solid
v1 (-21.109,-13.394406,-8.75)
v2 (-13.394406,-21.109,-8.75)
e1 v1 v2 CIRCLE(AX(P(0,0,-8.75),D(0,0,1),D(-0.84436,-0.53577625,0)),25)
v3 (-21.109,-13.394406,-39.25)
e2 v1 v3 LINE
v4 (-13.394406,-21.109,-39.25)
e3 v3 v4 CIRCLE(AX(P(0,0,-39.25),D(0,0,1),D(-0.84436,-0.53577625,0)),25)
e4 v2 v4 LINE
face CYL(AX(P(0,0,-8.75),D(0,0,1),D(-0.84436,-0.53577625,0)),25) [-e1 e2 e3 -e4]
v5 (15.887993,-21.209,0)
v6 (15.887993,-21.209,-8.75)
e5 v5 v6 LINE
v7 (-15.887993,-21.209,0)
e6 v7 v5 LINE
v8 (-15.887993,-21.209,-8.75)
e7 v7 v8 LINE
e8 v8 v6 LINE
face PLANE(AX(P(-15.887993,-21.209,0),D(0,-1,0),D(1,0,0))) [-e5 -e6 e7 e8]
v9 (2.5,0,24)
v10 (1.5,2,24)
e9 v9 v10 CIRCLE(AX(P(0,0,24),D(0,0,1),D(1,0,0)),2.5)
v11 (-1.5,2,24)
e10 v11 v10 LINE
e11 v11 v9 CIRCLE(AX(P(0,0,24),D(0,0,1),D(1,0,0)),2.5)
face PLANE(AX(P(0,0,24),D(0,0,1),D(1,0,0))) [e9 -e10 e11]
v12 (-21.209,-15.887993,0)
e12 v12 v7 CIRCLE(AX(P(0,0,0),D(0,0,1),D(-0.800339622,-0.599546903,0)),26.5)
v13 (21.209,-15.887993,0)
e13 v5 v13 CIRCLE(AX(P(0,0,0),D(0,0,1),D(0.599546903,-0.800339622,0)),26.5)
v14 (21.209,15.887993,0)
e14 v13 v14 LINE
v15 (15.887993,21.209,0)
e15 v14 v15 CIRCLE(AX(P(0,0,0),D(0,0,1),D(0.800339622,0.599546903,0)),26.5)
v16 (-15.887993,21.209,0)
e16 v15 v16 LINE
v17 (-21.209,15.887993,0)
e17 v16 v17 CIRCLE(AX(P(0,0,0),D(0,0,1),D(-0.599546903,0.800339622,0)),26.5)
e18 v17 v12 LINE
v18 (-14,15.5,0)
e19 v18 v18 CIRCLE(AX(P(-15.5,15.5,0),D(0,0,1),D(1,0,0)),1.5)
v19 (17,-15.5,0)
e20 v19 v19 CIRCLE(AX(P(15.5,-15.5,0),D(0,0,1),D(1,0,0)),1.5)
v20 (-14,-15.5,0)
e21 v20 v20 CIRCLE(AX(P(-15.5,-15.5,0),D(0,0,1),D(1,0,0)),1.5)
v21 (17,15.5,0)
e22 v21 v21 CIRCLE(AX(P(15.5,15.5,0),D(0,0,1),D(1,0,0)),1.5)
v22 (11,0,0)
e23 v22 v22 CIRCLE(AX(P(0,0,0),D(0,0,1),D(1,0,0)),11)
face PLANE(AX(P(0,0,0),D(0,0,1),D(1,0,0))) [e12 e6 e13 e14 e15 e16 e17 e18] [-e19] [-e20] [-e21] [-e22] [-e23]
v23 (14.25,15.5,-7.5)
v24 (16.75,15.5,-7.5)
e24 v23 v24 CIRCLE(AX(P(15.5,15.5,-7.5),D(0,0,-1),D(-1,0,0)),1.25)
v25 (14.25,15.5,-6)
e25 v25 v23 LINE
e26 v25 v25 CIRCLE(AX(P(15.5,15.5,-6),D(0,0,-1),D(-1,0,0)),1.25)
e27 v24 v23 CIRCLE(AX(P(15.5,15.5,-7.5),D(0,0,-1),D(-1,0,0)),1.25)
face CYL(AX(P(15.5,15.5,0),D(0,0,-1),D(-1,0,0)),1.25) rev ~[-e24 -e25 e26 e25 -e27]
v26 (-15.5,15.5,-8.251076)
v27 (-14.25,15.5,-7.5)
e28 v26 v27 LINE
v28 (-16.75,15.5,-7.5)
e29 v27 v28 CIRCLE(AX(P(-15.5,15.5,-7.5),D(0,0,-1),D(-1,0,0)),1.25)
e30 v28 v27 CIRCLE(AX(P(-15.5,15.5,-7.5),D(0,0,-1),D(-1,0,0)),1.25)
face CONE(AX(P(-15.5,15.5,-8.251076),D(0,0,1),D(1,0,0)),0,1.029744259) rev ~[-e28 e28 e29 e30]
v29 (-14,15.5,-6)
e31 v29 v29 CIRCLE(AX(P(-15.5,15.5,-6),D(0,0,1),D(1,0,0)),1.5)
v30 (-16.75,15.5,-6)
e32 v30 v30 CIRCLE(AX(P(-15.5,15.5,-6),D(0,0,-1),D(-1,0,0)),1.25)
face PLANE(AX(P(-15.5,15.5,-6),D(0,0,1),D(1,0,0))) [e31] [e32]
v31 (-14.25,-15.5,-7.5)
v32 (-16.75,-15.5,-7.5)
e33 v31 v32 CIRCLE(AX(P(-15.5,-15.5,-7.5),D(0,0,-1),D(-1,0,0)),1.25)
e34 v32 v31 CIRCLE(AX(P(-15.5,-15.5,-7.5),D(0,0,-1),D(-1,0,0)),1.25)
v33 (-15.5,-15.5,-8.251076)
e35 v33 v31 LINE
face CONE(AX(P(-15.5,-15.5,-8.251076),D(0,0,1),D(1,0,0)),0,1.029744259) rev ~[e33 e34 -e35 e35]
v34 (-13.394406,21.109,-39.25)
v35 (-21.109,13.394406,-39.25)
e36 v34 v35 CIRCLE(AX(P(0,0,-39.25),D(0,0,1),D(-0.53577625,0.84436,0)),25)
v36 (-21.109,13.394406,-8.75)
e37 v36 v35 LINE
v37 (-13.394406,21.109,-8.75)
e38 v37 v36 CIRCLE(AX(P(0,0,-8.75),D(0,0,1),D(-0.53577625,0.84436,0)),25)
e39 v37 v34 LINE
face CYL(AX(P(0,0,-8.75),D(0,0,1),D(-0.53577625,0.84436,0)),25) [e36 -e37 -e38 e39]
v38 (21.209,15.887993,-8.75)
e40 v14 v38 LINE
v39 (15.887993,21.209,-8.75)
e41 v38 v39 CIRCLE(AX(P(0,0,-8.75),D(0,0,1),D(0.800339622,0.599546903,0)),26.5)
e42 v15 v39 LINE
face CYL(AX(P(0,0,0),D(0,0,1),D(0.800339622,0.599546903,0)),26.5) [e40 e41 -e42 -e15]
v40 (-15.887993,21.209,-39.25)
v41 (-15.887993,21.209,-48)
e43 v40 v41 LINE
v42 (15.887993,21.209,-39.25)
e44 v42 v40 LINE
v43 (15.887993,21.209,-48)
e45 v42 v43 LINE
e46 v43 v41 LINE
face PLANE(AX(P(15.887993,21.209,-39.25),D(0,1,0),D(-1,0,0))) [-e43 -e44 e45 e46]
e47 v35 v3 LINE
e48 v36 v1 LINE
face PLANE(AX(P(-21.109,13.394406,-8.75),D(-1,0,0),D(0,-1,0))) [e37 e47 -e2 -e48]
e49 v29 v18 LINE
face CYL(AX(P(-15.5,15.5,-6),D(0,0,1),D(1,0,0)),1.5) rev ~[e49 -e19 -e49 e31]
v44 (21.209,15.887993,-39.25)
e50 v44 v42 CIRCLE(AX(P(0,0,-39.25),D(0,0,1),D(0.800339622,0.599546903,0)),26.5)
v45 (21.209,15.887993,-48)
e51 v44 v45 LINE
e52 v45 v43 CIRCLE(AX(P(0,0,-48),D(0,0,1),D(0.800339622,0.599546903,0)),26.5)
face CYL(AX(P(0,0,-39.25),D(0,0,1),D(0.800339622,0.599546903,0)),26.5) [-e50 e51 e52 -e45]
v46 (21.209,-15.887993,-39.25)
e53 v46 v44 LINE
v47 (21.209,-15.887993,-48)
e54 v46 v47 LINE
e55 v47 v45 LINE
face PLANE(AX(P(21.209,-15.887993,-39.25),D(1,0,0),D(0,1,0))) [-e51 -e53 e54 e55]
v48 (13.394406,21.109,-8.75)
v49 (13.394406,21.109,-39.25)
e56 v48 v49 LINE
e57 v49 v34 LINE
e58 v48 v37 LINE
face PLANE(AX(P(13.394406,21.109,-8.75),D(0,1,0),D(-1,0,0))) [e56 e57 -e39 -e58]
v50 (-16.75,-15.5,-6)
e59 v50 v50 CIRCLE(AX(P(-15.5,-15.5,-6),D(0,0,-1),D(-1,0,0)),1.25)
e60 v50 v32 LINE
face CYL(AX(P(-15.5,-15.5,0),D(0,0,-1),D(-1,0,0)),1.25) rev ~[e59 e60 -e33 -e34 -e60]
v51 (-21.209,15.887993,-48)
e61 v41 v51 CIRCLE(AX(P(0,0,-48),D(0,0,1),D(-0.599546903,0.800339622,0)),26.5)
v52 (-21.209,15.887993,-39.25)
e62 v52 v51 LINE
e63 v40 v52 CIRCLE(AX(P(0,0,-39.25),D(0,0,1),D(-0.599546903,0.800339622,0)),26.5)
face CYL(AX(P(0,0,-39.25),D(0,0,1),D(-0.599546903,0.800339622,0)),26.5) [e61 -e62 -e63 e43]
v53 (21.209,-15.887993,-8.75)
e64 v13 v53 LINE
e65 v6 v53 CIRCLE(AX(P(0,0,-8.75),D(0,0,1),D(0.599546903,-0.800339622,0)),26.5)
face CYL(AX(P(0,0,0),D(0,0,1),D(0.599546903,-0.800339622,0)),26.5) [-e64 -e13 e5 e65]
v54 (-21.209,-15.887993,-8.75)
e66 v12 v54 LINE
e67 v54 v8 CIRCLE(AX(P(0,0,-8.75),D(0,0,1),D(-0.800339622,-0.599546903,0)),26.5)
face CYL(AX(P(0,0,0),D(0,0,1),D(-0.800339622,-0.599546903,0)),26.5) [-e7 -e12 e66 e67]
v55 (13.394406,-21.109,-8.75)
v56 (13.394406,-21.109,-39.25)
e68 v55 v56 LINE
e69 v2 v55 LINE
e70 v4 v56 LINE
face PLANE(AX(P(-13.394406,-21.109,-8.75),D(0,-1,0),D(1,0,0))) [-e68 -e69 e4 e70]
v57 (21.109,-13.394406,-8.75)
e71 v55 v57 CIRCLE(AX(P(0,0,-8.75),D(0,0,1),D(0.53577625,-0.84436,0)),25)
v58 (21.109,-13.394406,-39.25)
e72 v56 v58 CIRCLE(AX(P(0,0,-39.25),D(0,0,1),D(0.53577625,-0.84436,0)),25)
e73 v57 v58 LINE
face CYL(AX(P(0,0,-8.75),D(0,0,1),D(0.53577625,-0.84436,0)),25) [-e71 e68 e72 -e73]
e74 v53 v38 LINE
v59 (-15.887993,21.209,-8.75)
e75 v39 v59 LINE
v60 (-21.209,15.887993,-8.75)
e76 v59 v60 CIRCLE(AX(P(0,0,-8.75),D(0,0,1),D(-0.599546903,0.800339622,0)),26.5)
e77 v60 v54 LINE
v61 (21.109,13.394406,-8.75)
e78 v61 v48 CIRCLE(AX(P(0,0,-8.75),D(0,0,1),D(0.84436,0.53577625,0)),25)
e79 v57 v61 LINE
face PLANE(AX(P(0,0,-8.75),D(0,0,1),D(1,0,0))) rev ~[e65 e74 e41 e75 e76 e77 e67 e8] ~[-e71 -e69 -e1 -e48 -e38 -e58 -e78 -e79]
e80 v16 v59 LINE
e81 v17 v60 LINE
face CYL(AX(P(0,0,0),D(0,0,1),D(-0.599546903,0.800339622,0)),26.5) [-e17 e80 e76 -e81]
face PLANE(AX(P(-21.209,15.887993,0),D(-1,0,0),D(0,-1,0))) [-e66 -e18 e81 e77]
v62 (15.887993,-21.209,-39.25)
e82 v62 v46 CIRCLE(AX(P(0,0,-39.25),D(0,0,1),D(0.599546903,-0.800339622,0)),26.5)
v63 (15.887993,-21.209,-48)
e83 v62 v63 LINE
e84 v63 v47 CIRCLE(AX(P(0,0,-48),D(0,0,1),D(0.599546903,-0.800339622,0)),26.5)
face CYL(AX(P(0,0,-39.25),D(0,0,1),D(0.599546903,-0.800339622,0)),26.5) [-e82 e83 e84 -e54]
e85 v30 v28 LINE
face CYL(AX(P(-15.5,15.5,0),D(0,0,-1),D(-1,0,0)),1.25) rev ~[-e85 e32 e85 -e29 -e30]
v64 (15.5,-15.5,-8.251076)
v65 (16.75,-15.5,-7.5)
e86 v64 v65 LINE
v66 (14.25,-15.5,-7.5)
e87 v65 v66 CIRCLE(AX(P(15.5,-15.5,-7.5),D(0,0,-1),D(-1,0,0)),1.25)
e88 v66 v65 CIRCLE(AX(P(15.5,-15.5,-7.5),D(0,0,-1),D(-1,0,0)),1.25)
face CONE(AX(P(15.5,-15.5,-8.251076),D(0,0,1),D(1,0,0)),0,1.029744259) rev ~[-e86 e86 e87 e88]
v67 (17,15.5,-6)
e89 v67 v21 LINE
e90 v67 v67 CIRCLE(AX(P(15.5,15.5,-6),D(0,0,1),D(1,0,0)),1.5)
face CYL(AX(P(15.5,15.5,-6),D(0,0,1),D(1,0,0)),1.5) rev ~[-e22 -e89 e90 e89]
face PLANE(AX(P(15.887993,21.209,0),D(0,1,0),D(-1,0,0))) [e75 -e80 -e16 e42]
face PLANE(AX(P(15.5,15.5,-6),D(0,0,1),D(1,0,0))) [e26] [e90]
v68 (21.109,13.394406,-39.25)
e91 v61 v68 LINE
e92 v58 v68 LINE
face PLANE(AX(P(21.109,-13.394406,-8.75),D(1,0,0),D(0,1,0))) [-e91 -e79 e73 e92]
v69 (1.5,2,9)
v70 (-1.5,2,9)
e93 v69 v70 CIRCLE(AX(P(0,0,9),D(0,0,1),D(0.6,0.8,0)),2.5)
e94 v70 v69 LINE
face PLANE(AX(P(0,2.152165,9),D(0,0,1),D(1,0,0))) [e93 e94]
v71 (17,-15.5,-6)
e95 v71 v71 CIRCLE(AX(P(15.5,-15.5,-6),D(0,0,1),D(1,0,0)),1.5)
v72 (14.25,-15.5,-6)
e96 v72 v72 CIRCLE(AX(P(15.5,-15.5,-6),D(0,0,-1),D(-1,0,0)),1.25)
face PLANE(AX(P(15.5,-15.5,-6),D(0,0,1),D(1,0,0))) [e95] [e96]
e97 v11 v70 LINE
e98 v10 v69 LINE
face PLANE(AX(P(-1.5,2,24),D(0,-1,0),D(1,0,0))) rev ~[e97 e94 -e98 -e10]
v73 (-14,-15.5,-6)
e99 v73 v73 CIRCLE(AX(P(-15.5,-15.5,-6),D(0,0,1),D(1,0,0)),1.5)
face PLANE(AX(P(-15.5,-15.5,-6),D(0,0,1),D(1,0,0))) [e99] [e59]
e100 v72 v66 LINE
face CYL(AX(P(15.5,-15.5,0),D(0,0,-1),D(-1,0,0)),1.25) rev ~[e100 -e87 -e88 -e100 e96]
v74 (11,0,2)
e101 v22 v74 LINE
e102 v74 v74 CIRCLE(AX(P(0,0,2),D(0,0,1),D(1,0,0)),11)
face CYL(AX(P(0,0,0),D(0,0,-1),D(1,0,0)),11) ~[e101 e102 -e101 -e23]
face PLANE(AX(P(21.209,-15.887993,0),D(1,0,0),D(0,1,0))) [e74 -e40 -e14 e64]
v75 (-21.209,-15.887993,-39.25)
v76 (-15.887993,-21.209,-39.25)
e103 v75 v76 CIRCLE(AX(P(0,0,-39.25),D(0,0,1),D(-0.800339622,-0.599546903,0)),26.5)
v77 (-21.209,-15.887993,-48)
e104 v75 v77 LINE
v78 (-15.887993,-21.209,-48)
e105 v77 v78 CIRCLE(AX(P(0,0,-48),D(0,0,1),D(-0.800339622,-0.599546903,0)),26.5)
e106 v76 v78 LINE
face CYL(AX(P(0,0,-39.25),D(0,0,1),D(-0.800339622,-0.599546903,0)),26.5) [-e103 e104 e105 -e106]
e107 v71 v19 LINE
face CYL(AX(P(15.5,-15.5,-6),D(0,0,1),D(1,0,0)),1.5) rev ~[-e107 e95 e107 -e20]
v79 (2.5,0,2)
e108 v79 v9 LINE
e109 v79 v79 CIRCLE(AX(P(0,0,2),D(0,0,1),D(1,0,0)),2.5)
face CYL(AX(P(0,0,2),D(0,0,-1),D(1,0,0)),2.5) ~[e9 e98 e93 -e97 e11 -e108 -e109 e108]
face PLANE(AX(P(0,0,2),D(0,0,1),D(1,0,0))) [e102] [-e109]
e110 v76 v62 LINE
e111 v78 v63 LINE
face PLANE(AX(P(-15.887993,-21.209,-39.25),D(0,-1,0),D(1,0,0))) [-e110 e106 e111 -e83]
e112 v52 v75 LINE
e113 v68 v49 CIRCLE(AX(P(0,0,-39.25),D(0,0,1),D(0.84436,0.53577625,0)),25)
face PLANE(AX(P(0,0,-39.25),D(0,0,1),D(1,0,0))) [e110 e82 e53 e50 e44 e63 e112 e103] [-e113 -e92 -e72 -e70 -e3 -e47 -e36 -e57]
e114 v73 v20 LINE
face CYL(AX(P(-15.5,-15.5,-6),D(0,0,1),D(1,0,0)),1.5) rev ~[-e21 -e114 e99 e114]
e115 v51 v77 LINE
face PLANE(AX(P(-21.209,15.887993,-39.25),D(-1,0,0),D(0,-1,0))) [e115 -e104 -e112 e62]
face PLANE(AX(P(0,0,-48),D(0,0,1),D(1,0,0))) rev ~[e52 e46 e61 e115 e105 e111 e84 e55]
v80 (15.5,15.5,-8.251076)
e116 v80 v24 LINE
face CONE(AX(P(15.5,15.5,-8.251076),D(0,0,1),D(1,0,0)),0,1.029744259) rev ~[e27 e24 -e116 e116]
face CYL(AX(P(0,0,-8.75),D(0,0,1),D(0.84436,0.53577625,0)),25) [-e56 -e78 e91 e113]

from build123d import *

# Parameters (mm, degrees)
BOSS_EXTRUDE1_DEPTH             = 8.75
BOSS_EXTRUDE2_DEPTH             = 30.5
BOSS_EXTRUDE3_DEPTH             = 8.75
SKETCH4_R                       = 11
BOSS_EXTRUDE4_DEPTH             = 2
SKETCH5_R                       = 2.5
BOSS_EXTRUDE5_DEPTH             = 22
CUT_EXTRUDE1_DEPTH              = 15
M3X0_5_TAPPED_HOLE1_D           = 2.5
M3X0_5_TAPPED_HOLE1_DEPTH       = 7.5
M3X0_5_TAPPED_HOLE1_CBORE_D     = 3
M3X0_5_TAPPED_HOLE1_CBORE_DEPTH = 6
M3X0_5_TAPPED_HOLE1_TIP         = 0.751075774


with BuildPart() as part:
    # Sketch1 → Boss-Extrude1 (new body)
    with BuildSketch(Plane.XY):
        with BuildLine():
            Line((-21.209, 15.887992919), (-21.209, -15.887992919))
            ThreePointArc((-21.209, -15.887992919), (-18.738329701, -18.738329701), (-15.887992919, -21.209))
            Line((-15.887992919, -21.209), (15.887992919, -21.209))
            ThreePointArc((15.887992919, -21.209), (18.738329701, -18.738329701), (21.209, -15.887992919))
            Line((21.209, -15.887992919), (21.209, 15.887992919))
            ThreePointArc((21.209, 15.887992919), (18.738329701, 18.738329701), (15.887992919, 21.209))
            Line((15.887992919, 21.209), (-15.887992919, 21.209))
            ThreePointArc((-15.887992919, 21.209), (-18.738329701, 18.738329701), (-21.209, 15.887992919))
        make_face()
    extrude(amount=-BOSS_EXTRUDE1_DEPTH)

    # Sketch2 → Boss-Extrude2 (add)
    with BuildSketch(Plane(origin=(0, 0, -8.75), x_dir=(-1, 0, 0), z_dir=(0, 0, -1))):
        with BuildLine():
            Line((-13.394406258, 21.109), (13.394406258, 21.109))
            ThreePointArc((13.394406258, 21.109), (17.67766953, 17.67766953), (21.109, 13.394406258))
            Line((21.109, 13.394406258), (21.109, -13.394406258))
            ThreePointArc((21.109, -13.394406258), (17.67766953, -17.67766953), (13.394406258, -21.109))
            Line((13.394406258, -21.109), (-13.394406258, -21.109))
            ThreePointArc((-13.394406258, -21.109), (-17.67766953, -17.67766953), (-21.109, -13.394406258))
            Line((-21.109, -13.394406258), (-21.109, 13.394406258))
            ThreePointArc((-21.109, 13.394406258), (-17.67766953, 17.67766953), (-13.394406258, 21.109))
        make_face()
    extrude(amount=BOSS_EXTRUDE2_DEPTH)

    # Sketch3 → Boss-Extrude3 (add)
    with BuildSketch(Plane.XY.offset(-39.25)):
        with BuildLine():
            Line((-15.887992919, -21.209), (15.887992919, -21.209))
            ThreePointArc((15.887992919, -21.209), (18.738329701, -18.738329701), (21.209, -15.887992919))
            Line((21.209, -15.887992919), (21.209, 15.887992919))
            ThreePointArc((21.209, 15.887992919), (18.738329701, 18.738329701), (15.887992919, 21.209))
            Line((15.887992919, 21.209), (-15.887992919, 21.209))
            ThreePointArc((-15.887992919, 21.209), (-18.738329701, 18.738329701), (-21.209, 15.887992919))
            Line((-21.209, 15.887992919), (-21.209, -15.887992919))
            ThreePointArc((-21.209, -15.887992919), (-18.738329701, -18.738329701), (-15.887992919, -21.209))
        make_face()
    extrude(amount=-BOSS_EXTRUDE3_DEPTH)

    # Sketch4 → Boss-Extrude4 (add)
    with BuildSketch(Plane.XY):
        Circle(SKETCH4_R)
    extrude(amount=BOSS_EXTRUDE4_DEPTH)

    # Sketch5 → Boss-Extrude5 (add)
    with BuildSketch(Plane.XY.offset(2)):
        Circle(SKETCH5_R)
    extrude(amount=BOSS_EXTRUDE5_DEPTH)

    # Sketch6 → Cut-Extrude1 (cut)
    with BuildSketch(Plane.XY.offset(24)):
        with BuildLine():
            Line((-1.5, 2), (1.5, 2))
            ThreePointArc((1.5, 2), (0, 2.5), (-1.5, 2))
        make_face()
    extrude(amount=-CUT_EXTRUDE1_DEPTH, mode=Mode.SUBTRACT)

    # M3x0.5 Tapped Hole1
    with Locations(Plane.XY):
        with Locations((-15.5, 15.5), (-15.5, -15.5), (15.5, -15.5), (15.5, 15.5)):
            CounterBoreHole(M3X0_5_TAPPED_HOLE1_D / 2, M3X0_5_TAPPED_HOLE1_CBORE_D / 2, M3X0_5_TAPPED_HOLE1_CBORE_DEPTH, depth=M3X0_5_TAPPED_HOLE1_DEPTH)
            with Locations((0, 0, -(M3X0_5_TAPPED_HOLE1_DEPTH + M3X0_5_TAPPED_HOLE1_TIP / 2))):  # 118° drill point
                Cone(0, M3X0_5_TAPPED_HOLE1_D / 2, M3X0_5_TAPPED_HOLE1_TIP, mode=Mode.SUBTRACT)


solid = part.part
